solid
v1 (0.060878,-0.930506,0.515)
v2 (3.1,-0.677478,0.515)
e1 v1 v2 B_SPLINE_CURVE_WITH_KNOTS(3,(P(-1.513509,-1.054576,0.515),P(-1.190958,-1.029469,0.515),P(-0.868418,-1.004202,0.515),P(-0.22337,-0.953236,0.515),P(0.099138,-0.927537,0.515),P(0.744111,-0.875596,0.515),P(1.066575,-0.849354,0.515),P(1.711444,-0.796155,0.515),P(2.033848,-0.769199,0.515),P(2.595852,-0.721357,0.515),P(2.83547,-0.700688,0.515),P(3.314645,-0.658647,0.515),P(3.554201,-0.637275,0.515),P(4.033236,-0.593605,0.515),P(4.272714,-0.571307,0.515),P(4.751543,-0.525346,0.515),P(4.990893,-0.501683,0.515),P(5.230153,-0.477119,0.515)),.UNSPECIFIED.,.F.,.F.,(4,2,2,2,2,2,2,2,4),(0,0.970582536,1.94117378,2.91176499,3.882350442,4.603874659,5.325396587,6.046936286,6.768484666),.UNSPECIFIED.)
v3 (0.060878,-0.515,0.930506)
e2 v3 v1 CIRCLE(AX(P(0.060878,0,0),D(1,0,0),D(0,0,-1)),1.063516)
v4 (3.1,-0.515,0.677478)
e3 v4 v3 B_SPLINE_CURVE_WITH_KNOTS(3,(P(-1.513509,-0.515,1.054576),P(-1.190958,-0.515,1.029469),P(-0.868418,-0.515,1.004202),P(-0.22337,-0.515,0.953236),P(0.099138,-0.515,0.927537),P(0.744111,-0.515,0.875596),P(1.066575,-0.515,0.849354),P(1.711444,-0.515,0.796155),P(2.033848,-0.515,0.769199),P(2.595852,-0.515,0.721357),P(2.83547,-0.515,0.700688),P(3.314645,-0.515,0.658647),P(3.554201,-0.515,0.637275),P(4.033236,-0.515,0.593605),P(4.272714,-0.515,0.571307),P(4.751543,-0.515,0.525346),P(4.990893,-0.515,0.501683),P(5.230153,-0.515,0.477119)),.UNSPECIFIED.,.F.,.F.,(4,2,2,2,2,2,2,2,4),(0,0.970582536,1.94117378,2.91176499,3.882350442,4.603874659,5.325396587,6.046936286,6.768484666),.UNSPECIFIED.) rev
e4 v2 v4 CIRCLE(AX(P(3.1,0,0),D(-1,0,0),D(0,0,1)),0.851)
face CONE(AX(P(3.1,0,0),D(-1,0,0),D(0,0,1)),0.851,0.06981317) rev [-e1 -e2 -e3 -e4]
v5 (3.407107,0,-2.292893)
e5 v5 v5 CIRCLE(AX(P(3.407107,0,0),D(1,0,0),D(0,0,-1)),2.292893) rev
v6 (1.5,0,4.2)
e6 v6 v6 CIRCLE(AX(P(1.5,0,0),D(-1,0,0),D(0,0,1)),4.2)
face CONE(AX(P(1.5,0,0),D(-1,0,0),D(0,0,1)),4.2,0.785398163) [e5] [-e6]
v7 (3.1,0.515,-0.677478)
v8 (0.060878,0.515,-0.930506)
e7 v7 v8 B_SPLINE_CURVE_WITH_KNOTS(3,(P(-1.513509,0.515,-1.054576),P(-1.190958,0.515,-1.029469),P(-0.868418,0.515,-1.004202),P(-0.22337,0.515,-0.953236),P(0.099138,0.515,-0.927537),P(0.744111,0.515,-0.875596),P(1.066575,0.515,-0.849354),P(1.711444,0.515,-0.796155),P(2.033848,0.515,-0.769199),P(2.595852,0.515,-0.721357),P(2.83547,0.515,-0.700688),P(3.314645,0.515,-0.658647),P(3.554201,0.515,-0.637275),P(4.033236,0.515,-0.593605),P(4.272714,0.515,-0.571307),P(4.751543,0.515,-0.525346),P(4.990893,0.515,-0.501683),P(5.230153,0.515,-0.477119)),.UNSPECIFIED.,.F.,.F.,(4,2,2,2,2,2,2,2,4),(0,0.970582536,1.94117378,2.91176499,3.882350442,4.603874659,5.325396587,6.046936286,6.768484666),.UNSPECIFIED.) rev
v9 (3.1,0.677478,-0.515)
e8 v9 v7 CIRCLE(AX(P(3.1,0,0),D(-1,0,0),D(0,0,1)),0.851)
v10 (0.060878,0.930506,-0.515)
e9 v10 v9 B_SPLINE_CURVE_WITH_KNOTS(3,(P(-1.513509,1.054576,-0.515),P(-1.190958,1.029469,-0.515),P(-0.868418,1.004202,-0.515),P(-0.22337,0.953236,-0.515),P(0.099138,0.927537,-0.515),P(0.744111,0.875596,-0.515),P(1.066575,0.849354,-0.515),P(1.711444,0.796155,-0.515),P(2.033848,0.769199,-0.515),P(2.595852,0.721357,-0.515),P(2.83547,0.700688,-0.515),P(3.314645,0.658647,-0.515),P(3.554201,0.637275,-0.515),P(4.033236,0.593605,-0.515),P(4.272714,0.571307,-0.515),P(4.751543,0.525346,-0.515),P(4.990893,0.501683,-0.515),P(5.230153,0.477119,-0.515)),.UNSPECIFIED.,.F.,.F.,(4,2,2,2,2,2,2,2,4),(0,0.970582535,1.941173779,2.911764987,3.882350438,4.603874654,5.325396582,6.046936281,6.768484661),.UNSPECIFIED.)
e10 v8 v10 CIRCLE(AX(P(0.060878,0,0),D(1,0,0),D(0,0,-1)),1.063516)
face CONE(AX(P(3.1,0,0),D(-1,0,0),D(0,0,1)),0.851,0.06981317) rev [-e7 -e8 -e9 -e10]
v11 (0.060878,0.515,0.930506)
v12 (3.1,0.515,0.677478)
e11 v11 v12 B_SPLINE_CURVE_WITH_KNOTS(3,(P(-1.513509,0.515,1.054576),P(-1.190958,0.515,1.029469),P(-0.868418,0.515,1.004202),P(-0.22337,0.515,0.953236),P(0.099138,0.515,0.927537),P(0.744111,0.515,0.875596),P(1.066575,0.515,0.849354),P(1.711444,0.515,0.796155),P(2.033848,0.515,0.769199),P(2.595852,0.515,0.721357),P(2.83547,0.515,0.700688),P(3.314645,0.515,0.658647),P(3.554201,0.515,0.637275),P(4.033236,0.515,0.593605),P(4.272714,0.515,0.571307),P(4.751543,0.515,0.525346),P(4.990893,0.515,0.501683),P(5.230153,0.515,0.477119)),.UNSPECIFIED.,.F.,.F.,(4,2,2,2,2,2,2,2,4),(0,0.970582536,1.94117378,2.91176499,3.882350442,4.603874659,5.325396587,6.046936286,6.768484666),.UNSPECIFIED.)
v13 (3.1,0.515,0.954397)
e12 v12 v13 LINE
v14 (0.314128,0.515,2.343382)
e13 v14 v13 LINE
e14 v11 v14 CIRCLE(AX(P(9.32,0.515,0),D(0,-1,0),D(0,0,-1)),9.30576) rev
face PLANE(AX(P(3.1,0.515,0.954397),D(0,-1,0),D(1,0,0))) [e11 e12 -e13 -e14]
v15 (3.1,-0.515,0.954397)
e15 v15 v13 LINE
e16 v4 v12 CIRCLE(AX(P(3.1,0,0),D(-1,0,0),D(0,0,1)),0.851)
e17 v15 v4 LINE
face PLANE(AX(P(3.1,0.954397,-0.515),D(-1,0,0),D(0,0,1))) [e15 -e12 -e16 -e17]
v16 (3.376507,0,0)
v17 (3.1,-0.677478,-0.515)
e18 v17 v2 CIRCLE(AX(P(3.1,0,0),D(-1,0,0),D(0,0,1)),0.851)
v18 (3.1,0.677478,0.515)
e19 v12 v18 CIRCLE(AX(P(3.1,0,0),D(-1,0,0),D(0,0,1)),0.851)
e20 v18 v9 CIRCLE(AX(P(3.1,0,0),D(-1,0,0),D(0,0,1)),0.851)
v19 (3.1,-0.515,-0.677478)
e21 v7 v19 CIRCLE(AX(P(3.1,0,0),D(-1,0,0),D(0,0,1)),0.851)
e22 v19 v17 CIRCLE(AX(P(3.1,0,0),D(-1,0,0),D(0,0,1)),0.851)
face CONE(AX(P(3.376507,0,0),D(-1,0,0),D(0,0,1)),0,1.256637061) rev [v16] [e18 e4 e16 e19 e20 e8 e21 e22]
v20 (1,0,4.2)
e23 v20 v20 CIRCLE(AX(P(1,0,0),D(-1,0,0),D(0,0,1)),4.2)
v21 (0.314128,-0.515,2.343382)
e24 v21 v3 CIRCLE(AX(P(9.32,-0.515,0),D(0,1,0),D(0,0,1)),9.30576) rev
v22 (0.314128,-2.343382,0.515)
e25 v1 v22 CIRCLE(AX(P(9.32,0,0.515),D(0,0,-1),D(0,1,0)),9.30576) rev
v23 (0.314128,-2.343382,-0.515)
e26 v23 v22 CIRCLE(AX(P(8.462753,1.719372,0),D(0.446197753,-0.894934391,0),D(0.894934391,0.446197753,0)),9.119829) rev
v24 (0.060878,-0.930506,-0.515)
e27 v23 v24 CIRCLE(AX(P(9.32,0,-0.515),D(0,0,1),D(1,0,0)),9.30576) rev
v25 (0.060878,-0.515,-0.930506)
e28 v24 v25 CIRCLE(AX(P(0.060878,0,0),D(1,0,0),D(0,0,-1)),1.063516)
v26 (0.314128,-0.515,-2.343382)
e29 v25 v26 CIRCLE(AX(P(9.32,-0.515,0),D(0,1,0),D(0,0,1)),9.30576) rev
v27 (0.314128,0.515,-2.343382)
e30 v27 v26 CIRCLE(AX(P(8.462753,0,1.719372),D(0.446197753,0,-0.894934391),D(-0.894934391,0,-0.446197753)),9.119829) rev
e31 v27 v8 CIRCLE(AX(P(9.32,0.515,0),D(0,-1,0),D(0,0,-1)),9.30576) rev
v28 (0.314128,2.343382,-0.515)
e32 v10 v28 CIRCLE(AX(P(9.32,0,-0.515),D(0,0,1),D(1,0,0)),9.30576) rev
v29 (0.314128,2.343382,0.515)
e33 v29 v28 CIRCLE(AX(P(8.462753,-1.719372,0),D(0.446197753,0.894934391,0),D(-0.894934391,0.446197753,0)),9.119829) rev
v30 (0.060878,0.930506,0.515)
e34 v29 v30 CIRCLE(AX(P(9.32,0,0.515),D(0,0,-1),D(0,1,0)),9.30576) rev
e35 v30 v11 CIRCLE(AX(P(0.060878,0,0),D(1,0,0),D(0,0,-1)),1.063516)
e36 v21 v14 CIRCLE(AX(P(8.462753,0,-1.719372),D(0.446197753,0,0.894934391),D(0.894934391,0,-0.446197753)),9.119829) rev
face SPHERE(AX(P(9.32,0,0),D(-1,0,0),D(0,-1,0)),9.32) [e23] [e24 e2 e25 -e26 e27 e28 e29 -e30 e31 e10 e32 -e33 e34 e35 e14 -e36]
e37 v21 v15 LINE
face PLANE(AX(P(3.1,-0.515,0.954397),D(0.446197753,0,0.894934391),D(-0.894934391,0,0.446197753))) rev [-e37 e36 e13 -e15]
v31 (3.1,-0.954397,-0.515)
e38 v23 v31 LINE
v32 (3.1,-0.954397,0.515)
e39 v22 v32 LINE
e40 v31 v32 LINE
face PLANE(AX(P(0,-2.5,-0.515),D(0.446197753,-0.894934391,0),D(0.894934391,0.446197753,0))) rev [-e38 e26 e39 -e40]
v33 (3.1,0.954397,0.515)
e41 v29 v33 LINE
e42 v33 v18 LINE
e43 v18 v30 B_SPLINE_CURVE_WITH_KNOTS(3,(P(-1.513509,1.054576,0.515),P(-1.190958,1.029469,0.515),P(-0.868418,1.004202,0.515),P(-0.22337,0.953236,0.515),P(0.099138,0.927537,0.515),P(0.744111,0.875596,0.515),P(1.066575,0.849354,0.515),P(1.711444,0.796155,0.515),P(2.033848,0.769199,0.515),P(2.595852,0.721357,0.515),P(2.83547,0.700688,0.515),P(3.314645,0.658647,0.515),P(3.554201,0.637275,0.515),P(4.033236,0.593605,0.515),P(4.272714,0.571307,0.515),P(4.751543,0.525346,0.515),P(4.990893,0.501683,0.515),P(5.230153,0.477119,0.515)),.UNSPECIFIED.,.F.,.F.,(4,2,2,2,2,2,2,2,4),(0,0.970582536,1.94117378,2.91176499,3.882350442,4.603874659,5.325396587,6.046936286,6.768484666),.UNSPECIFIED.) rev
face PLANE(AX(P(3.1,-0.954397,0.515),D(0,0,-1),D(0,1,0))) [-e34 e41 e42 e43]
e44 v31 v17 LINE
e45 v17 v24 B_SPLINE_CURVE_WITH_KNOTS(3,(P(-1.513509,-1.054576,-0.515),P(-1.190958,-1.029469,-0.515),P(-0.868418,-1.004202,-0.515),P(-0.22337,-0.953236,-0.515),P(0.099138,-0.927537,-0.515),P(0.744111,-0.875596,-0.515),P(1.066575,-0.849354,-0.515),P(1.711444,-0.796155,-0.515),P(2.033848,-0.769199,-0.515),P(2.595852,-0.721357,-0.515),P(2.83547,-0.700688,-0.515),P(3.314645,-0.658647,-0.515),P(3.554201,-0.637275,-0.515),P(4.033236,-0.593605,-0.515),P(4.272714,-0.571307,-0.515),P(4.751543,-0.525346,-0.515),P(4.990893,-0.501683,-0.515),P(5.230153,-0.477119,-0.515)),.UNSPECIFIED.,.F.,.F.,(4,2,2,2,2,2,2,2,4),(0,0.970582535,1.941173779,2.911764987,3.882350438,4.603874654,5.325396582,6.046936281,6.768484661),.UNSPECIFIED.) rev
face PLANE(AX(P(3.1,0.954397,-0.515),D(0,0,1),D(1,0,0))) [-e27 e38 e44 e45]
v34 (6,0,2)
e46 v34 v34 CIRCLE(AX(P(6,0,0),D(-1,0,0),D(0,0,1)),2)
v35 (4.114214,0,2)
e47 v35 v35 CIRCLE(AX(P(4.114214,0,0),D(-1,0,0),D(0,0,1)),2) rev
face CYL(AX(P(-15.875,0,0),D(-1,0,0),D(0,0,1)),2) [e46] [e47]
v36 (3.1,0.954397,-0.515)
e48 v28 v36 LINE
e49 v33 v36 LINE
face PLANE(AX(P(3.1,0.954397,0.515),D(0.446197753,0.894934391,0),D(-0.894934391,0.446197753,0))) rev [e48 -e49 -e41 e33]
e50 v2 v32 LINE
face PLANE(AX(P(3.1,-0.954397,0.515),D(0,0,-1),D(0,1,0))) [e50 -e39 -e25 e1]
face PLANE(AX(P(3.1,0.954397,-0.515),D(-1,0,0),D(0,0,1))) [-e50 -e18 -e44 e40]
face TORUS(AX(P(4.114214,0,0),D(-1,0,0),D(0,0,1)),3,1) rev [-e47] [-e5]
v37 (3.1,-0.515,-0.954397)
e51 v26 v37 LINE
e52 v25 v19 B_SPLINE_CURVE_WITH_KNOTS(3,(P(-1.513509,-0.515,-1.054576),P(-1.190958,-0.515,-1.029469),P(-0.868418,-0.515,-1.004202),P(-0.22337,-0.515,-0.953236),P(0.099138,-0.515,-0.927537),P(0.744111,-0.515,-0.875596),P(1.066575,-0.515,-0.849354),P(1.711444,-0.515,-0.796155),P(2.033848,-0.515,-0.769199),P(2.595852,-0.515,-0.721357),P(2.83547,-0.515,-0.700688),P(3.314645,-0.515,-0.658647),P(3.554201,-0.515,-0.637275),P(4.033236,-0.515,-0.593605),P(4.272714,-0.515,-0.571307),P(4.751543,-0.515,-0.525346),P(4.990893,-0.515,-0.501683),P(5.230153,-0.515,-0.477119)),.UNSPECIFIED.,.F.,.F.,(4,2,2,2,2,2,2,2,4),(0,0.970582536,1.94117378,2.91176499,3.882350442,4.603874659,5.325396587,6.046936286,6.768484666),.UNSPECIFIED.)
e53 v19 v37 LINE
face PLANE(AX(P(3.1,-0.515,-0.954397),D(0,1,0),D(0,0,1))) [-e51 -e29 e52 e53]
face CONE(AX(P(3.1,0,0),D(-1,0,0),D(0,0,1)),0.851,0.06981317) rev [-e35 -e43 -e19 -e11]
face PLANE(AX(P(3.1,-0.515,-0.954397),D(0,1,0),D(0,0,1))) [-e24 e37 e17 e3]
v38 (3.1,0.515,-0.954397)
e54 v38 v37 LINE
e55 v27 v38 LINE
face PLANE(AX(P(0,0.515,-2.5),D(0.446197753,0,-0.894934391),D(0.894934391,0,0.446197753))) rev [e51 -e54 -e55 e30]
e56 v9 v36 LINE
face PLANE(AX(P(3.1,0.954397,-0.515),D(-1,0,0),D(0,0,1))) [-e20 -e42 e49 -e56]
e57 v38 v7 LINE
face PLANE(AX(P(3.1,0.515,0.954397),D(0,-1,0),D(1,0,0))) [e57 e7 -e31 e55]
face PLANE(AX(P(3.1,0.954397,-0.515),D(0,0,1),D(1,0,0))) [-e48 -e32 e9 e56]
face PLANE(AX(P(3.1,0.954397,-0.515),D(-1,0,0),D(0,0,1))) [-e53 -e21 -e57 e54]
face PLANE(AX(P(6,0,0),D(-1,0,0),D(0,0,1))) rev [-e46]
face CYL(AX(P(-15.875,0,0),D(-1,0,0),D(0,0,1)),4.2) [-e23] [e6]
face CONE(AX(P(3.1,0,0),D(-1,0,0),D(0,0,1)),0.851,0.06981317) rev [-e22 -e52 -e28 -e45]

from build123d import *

# Parameters (mm, degrees)
FILLET1_R    = 1
RECPAT_COUNT = 2
RECPAT_ANGLE = 90


with BuildPart() as part:
    # BodySke → Base-Revolve (revolve)
    with BuildSketch(Plane.XY, mode=Mode.PRIVATE) as base_revolve_sk:
        with BuildLine():
            Line((0, 0), (6, 0))
            Line((6, 0), (6, 2))
            Line((6, 2), (3.7, 2))
            Line((3.7, 2), (1.5, 4.2))
            Line((1.5, 4.2), (1, 4.2))
            ThreePointArc((1, 4.2), (0.253446079, 2.158703314), (0, 0))
        make_face()
    revolve(base_revolve_sk.sketch.rotate(Axis((-15.875, 0, 0), (1, 0, 0)), 90), axis=Axis((-15.875, 0, 0), (1, 0, 0)))

    # Fillet1
    fillet1_edges = [part.edges().sort_by_distance(p)[0] for p in [
        (3.7, 0, -2),
    ]]
    fillet(fillet1_edges, radius=FILLET1_R)

    # Sketch3 → Recess section 0
    with BuildSketch(Plane(origin=(0, 0, 0), x_dir=(0, 0, -1), z_dir=(1, 0, 0))):
        with BuildLine():
            Line((0.515, -2.5), (-0.515, -2.5))
            Line((-0.515, -2.5), (-0.515, 2.5))
            Line((-0.515, 2.5), (0.515, 2.5))
            Line((0.515, 2.5), (0.515, -2.5))
        make_face()
    # Sketch4 → Recess section 1
    with BuildSketch(Plane(origin=(3.1, 0, 0), x_dir=(0, 0, -1), z_dir=(1, 0, 0))):
        with BuildLine():
            Line((0.515, -0.954397274), (-0.515, -0.954397274))
            Line((-0.515, -0.954397274), (-0.515, 0.954397274))
            Line((-0.515, 0.954397274), (0.515, 0.954397274))
            Line((0.515, 0.954397274), (0.515, -0.954397274))
        make_face()
    recess = loft(mode=Mode.SUBTRACT)

    # RecPat: Recess ×2 about axis
    recpat_axis = Axis((0, 0, 0), (1, 0, 0))
    for i in range(1, RECPAT_COUNT):
        add(recess.rotate(recpat_axis, i * RECPAT_ANGLE / (RECPAT_COUNT - 1)), mode=Mode.SUBTRACT)

    # RecCorSke → RecessCore (revolve, cut)
    with BuildSketch(Plane.XY, mode=Mode.PRIVATE) as recesscore_sk:
        Polygon((0, 0), (0, 1.067773117), (3.1, 0.851), (3.376506661, 0), align=None)
    revolve(recesscore_sk.sketch.rotate(Axis((-3.175, 0, 0), (1, 0, 0)), 90), axis=Axis((-3.175, 0, 0), (1, 0, 0)), mode=Mode.SUBTRACT)


solid = part.part
